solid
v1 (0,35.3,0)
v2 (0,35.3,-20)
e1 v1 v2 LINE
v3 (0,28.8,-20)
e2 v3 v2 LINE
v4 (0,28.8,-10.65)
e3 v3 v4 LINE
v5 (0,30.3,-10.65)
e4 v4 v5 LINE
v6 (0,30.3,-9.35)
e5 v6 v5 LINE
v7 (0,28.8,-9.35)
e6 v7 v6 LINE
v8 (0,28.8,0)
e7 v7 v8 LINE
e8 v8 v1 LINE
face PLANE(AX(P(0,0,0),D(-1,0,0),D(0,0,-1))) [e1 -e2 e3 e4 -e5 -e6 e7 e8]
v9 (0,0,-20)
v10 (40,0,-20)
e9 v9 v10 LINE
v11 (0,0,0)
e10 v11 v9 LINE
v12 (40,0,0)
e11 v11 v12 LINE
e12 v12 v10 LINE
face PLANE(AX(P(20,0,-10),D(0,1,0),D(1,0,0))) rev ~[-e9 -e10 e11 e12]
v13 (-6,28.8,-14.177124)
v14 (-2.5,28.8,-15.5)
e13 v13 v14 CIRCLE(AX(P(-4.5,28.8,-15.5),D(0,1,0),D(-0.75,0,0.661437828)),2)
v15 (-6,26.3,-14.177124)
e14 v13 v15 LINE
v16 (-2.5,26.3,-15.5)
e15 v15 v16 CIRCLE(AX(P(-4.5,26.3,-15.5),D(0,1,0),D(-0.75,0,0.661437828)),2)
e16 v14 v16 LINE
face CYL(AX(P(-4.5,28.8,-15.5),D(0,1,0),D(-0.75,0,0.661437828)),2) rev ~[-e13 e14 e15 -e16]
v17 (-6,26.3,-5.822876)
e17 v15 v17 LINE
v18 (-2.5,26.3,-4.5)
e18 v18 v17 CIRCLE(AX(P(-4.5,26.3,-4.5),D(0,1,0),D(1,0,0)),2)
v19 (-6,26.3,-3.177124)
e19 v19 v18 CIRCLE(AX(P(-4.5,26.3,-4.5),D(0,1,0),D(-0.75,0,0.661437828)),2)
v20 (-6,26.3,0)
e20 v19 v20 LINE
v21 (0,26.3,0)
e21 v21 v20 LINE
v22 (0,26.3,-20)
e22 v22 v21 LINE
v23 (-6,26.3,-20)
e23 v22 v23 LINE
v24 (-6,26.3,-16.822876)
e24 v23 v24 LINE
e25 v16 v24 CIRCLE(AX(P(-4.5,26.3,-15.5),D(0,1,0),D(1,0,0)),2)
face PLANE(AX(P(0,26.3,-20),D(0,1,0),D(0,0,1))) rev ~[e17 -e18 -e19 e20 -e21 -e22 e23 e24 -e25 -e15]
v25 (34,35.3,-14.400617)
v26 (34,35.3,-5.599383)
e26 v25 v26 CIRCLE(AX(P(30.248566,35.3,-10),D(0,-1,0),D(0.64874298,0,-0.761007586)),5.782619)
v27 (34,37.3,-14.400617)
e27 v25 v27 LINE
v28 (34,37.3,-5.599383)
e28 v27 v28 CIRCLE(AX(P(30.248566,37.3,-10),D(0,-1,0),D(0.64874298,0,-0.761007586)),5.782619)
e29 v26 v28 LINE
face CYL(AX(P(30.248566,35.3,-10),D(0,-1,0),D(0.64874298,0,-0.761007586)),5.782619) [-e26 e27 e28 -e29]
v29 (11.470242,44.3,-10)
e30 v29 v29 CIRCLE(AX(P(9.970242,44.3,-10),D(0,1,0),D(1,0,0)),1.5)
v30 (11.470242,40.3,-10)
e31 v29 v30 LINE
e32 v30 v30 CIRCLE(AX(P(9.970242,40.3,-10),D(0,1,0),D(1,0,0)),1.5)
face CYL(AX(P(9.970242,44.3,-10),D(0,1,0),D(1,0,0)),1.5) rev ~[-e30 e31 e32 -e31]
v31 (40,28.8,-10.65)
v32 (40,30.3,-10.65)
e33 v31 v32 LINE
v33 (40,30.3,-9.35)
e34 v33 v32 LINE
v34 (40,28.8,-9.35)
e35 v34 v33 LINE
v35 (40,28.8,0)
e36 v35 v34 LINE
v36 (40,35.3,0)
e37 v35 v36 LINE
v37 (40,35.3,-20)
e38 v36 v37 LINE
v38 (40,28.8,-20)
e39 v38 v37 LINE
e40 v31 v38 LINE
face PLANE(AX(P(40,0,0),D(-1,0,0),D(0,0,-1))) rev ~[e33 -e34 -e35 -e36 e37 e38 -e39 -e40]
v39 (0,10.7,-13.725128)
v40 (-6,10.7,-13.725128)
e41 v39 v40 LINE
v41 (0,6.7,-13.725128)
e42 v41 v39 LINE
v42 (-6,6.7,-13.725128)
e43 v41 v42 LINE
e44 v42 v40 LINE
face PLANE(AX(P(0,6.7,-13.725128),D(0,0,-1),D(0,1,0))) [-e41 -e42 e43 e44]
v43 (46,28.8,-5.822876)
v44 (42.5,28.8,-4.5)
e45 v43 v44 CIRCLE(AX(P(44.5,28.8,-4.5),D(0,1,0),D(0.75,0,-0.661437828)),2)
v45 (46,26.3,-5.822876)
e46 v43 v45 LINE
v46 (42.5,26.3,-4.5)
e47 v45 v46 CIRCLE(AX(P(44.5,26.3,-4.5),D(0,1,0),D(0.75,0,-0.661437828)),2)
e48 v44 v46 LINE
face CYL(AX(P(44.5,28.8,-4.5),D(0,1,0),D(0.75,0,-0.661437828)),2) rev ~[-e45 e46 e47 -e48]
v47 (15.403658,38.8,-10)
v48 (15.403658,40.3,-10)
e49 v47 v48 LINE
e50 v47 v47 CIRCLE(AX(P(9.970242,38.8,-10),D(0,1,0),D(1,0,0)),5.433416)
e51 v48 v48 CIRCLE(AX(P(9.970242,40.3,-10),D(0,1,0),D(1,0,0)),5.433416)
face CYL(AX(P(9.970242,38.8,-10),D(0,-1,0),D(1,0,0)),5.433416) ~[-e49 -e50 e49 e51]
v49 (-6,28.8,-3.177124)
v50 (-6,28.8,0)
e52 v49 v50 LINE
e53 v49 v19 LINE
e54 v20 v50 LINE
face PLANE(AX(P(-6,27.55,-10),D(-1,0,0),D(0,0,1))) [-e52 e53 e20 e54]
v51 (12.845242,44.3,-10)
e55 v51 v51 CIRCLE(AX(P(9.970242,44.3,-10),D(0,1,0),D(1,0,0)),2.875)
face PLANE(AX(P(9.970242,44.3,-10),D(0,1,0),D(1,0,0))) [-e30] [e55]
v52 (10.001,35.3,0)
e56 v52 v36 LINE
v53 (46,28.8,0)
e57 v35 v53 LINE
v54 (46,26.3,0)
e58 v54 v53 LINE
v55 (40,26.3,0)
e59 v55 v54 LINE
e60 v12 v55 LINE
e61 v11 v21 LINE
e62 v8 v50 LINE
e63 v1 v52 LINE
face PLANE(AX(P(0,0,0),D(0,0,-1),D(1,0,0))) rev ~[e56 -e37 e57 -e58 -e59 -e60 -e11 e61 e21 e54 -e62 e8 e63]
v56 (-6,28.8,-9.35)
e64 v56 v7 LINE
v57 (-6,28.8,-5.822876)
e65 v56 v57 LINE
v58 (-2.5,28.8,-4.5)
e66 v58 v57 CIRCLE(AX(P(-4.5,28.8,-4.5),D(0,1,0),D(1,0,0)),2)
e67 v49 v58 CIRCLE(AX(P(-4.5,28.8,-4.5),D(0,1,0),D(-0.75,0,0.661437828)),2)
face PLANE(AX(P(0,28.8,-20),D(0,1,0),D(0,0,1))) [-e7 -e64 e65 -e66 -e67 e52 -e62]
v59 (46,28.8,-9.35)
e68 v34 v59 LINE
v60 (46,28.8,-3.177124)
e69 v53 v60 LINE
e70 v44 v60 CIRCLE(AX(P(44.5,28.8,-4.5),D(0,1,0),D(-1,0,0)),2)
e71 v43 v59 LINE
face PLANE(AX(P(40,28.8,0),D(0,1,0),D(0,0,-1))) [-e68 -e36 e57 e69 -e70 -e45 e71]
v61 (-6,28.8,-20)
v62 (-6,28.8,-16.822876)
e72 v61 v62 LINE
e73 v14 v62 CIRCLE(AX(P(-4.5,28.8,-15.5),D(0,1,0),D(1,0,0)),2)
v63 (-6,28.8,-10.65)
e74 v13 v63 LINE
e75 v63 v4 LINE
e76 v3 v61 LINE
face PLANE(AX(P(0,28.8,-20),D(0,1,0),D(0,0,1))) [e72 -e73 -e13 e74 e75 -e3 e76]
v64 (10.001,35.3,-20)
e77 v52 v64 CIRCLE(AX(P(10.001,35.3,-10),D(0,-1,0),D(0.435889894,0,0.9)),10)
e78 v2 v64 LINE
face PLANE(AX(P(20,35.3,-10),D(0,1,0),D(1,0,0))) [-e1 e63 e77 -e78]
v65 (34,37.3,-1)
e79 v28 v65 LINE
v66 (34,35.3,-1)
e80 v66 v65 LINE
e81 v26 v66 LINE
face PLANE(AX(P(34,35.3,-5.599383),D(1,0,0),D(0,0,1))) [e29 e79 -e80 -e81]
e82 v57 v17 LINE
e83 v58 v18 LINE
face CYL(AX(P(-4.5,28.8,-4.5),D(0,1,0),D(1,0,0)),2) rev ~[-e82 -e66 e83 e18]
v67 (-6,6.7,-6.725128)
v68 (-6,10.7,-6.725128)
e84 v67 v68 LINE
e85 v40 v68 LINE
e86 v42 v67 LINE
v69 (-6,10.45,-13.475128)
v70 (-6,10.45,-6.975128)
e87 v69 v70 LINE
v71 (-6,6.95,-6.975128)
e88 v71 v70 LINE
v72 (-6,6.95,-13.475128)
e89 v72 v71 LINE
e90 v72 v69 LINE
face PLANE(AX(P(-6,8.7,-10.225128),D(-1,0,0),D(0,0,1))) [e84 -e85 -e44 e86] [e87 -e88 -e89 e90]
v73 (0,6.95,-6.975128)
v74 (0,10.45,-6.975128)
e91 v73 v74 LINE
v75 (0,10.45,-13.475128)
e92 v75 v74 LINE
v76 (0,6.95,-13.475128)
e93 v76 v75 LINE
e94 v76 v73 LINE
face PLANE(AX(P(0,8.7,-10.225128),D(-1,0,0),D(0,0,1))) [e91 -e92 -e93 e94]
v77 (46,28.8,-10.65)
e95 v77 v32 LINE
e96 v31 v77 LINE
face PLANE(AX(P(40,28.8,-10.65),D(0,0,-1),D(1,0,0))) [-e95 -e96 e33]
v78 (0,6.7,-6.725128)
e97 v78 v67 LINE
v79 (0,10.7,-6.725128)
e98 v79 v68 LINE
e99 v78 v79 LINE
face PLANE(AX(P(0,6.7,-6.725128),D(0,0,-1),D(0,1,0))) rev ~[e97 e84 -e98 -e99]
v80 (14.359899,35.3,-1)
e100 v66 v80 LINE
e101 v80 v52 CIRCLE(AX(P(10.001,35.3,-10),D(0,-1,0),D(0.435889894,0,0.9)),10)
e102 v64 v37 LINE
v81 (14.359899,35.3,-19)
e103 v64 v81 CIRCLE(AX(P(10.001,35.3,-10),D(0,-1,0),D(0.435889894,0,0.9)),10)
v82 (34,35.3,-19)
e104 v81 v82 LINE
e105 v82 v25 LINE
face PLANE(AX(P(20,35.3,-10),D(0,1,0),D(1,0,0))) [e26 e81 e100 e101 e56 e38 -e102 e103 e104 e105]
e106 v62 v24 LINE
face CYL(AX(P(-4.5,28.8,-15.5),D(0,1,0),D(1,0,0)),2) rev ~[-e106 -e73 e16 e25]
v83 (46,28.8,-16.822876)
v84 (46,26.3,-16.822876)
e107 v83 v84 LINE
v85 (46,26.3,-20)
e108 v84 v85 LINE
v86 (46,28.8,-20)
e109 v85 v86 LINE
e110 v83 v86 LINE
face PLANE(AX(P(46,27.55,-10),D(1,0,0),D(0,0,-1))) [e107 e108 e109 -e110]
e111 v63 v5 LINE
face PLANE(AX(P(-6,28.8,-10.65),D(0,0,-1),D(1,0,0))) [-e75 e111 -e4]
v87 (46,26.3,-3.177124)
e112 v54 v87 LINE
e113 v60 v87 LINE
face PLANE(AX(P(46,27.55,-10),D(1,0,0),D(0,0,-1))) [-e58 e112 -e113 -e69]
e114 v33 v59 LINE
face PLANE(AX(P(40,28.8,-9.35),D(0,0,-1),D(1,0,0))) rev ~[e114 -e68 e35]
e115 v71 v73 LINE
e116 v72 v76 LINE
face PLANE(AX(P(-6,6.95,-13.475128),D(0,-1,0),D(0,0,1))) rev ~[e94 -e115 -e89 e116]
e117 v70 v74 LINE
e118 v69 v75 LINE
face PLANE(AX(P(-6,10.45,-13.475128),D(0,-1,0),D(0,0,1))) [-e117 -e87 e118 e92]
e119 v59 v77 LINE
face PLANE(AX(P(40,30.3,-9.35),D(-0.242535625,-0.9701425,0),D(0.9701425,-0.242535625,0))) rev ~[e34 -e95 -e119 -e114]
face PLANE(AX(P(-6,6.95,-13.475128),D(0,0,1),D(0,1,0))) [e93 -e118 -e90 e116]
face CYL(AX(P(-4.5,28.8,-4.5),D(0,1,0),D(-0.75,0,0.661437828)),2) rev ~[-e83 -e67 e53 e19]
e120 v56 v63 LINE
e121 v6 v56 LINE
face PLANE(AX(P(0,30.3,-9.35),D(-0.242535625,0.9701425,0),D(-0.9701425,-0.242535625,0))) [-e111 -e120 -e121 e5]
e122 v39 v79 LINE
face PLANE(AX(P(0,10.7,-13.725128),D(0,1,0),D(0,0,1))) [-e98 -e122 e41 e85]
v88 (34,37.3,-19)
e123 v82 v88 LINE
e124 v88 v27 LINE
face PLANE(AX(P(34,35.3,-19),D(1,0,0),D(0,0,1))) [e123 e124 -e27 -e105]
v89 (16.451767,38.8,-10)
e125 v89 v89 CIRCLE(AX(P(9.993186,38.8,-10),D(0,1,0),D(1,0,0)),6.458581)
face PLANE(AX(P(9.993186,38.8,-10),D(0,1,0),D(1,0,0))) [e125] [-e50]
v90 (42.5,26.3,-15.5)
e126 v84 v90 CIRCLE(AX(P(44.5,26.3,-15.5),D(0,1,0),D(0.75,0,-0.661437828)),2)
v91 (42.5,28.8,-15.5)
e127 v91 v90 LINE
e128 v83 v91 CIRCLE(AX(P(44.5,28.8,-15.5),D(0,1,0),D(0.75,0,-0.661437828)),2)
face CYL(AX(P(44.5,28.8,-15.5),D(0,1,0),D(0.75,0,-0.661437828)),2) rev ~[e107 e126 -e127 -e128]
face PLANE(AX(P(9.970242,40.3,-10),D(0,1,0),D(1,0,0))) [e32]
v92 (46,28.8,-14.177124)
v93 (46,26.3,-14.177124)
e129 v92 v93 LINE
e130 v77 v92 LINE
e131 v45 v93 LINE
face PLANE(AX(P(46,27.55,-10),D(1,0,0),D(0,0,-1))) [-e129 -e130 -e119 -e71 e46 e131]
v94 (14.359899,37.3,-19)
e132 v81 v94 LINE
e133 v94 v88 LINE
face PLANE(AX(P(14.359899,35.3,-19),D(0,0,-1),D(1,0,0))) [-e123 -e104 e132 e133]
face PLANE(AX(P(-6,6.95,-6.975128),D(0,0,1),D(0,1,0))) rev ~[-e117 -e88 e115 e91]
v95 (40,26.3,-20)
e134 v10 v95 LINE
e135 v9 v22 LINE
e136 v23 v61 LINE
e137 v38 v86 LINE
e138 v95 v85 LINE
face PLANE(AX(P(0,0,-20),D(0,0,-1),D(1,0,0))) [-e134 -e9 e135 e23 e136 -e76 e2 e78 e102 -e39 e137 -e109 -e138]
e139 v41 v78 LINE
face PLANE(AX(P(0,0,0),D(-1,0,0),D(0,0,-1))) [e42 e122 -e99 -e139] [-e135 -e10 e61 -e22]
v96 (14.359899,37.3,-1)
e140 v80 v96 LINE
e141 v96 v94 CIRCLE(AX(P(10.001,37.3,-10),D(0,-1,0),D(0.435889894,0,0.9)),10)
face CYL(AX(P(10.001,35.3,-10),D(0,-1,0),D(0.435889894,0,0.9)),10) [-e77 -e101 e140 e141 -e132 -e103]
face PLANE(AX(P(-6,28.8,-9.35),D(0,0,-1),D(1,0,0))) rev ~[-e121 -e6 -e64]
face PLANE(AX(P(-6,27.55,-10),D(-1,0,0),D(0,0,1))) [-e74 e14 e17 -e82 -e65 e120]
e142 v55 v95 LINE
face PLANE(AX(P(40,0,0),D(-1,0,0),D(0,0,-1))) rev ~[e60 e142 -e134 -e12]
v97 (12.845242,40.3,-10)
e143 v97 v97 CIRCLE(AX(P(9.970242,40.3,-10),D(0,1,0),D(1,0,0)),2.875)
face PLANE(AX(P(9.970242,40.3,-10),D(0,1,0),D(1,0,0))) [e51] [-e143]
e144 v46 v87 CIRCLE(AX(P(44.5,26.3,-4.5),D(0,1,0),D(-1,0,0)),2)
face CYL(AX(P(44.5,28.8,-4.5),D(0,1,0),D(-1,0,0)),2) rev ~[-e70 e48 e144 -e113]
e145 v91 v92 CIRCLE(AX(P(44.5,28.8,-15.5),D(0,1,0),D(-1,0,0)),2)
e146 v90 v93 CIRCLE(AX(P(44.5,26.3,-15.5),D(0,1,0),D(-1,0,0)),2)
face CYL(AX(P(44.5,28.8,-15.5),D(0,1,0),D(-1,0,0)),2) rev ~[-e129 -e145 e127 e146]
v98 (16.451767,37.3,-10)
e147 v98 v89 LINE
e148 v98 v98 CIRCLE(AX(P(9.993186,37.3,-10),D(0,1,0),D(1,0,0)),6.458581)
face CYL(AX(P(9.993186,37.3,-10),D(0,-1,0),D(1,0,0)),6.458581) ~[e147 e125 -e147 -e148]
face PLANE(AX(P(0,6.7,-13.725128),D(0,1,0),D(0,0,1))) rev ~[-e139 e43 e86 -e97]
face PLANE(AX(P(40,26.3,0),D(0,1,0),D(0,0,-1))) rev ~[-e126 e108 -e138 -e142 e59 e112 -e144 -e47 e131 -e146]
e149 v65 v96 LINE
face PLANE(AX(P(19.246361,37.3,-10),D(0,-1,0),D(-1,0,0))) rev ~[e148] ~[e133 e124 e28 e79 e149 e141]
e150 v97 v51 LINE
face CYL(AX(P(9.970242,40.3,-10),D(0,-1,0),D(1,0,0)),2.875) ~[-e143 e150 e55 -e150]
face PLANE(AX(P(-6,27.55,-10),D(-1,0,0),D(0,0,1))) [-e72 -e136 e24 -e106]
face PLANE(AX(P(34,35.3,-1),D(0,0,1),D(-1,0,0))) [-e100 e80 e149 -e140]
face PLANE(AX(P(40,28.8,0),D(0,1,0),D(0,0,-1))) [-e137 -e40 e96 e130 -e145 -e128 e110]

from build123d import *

# Parameters (mm, degrees)
SKETCH1_W            = 40
SKETCH1_H            = 20
BOSS_EXTRUDE1_DEPTH  = 35.3
BOSS_EXTRUDE2_DEPTH  = 2
SKETCH3_R            = 6.458580866
BOSS_EXTRUDE3_DEPTH  = 1.5
SKETCH4_R            = 5.433415679
BOSS_EXTRUDE4_DEPTH  = 1.5
SKETCH5_R            = 2.875
BOSS_EXTRUDE5_DEPTH  = 4
SKETCH6_W            = 20
SKETCH6_H            = 2.5
BOSS_EXTRUDE6_DEPTH  = 6
CUT_EXTRUDE1_DEPTH   = 7
SKETCH8_W            = 20
SKETCH8_H            = 2.5
BOSS_EXTRUDE7_DEPTH  = 6
CUT_EXTRUDE2_DEPTH   = 7
SKETCH11_W           = 7
SKETCH11_H           = 4
BOSS_EXTRUDE8_DEPTH  = 6
SKETCH12_W           = 6.5
SKETCH12_H           = 3.5
CUT_EXTRUDE3_DEPTH   = 6
SKETCH13_W           = 6
SKETCH13_H           = 1.3
BOSS_EXTRUDE9_DEPTH  = 1.5
SKETCH14_W           = 6
SKETCH14_H           = 1.3
BOSS_EXTRUDE10_DEPTH = 1.5
CUT_EXTRUDE4_DEPTH   = 1.5
CUT_EXTRUDE5_DEPTH   = 1.5
SKETCH17_R           = 1.5
CUT_EXTRUDE6_DEPTH   = 4


with BuildPart() as part:
    # Sketch1 → Boss-Extrude1 (new body)
    with BuildSketch(Plane(origin=(0, 0, 0), x_dir=(1, 0, 0), z_dir=(0, 1, 0))):
        with Locations((20, 10)):
            Rectangle(SKETCH1_W, SKETCH1_H)
    extrude(amount=BOSS_EXTRUDE1_DEPTH)

    # Sketch2 → Boss-Extrude2 (add)
    with BuildSketch(Plane(origin=(0, 35.3, 0), x_dir=(1, 0, 0), z_dir=(0, 1, 0))):
        with BuildLine():
            Line((34, 5.599382986), (34, 1))
            Line((34, 1), (14.359898944, 1))
            ThreePointArc((14.359898944, 1), (0.001, 10), (14.359898944, 19))
            Line((14.359898944, 19), (34, 19))
            Line((34, 19), (34, 14.400617014))
            ThreePointArc((34, 14.400617014), (36.031185557, 10), (34, 5.599382986))
        make_face()
    extrude(amount=BOSS_EXTRUDE2_DEPTH)

    # Sketch3 → Boss-Extrude3 (add)
    with BuildSketch(Plane(origin=(0, 37.3, 0), x_dir=(1, 0, 0), z_dir=(0, 1, 0))):
        with Locations((9.993186342, 10)):
            Circle(SKETCH3_R)
    extrude(amount=BOSS_EXTRUDE3_DEPTH)

    # Sketch4 → Boss-Extrude4 (add)
    with BuildSketch(Plane(origin=(0, 38.8, 0), x_dir=(1, 0, 0), z_dir=(0, 1, 0))):
        with Locations((9.970242147, 10)):
            Circle(SKETCH4_R)
    extrude(amount=BOSS_EXTRUDE4_DEPTH)

    # Sketch5 → Boss-Extrude5 (add)
    with BuildSketch(Plane(origin=(0, 40.3, 0), x_dir=(1, 0, 0), z_dir=(0, 1, 0))):
        with Locations((9.970242147, 10)):
            Circle(SKETCH5_R)
    extrude(amount=BOSS_EXTRUDE5_DEPTH)

    # Sketch6 → Boss-Extrude6 (add)
    with BuildSketch(Plane(origin=(40, 0, 0), x_dir=(0, 0, -1), z_dir=(1, 0, 0))):
        with Locations((10, 27.55)):
            Rectangle(SKETCH6_W, SKETCH6_H)
    extrude(amount=BOSS_EXTRUDE6_DEPTH)

    # Sketch7 → Cut-Extrude1 (cut)
    with BuildSketch(Plane(origin=(0, 28.8, 0), x_dir=(1, 0, 0), z_dir=(0, 1, 0))):
        with BuildLine():
            ThreePointArc((46, 3.177124344), (46.370828693, 3.792893219), (46.5, 4.5))
            ThreePointArc((46.5, 4.5), (46.370828693, 5.207106781), (46, 5.822875656))
            Line((46, 5.822875656), (46, 3.177124344))
        make_face()
        with BuildLine():
            Line((46, 3.177124344), (46, 5.822875656))
            ThreePointArc((46, 5.822875656), (43.792893219, 6.370828693), (42.5, 4.5))
            ThreePointArc((42.5, 4.5), (43.792893219, 2.629171307), (46, 3.177124344))
        make_face()
        with BuildLine():
            ThreePointArc((42.5, 15.5), (43.792893219, 13.629171307), (46, 14.177124344))
            Line((46, 14.177124344), (46, 16.822875656))
            ThreePointArc((46, 16.822875656), (43.792893219, 17.370828693), (42.5, 15.5))
        make_face()
        with BuildLine():
            Line((46, 16.822875656), (46, 14.177124344))
            ThreePointArc((46, 14.177124344), (46.370828693, 14.792893219), (46.5, 15.5))
            ThreePointArc((46.5, 15.5), (46.370828693, 16.207106781), (46, 16.822875656))
        make_face()
    extrude(amount=-CUT_EXTRUDE1_DEPTH, mode=Mode.SUBTRACT)

    # Sketch8 → Boss-Extrude7 (add)
    with BuildSketch(Plane.ZY):
        with Locations((-10, 27.55)):
            Rectangle(SKETCH8_W, SKETCH8_H)
    extrude(amount=BOSS_EXTRUDE7_DEPTH)

    # Sketch9 → Cut-Extrude2 (cut)
    with BuildSketch(Plane(origin=(0, 28.8, 0), x_dir=(1, 0, 0), z_dir=(0, 1, 0))):
        with BuildLine():
            ThreePointArc((-6, 14.177124344), (-3.792893219, 13.629171307), (-2.5, 15.5))
            ThreePointArc((-2.5, 15.5), (-3.792893219, 17.370828693), (-6, 16.822875656))
            Line((-6, 16.822875656), (-6, 14.177124344))
        make_face()
        with BuildLine():
            Line((-6, 14.177124344), (-6, 16.822875656))
            ThreePointArc((-6, 16.822875656), (-6.5, 15.5), (-6, 14.177124344))
        make_face()
        with BuildLine():
            ThreePointArc((-2.5, 4.5), (-3.792893219, 6.370828693), (-6, 5.822875656))
            Line((-6, 5.822875656), (-6, 3.177124344))
            ThreePointArc((-6, 3.177124344), (-3.792893219, 2.629171307), (-2.5, 4.5))
        make_face()
        with BuildLine():
            Line((-6, 3.177124344), (-6, 5.822875656))
            ThreePointArc((-6, 5.822875656), (-6.5, 4.5), (-6, 3.177124344))
        make_face()
    extrude(amount=-CUT_EXTRUDE2_DEPTH, mode=Mode.SUBTRACT)

    # Sketch11 → Boss-Extrude8 (add)
    with BuildSketch(Plane.ZY):
        with Locations((-10.225128457, 8.7)):
            Rectangle(SKETCH11_W, SKETCH11_H)
    extrude(amount=BOSS_EXTRUDE8_DEPTH)

    # Sketch12 → Cut-Extrude3 (cut)
    with BuildSketch(Plane.ZY.offset(6)):
        with Locations((-10.225128457, 8.7)):
            Rectangle(SKETCH12_W, SKETCH12_H)
    extrude(amount=-CUT_EXTRUDE3_DEPTH, mode=Mode.SUBTRACT)

    # Sketch13 → Boss-Extrude9 (add)
    with BuildSketch(Plane(origin=(0, 28.8, 0), x_dir=(1, 0, 0), z_dir=(0, 1, 0))):
        with Locations((43, 10)):
            Rectangle(SKETCH13_W, SKETCH13_H)
    extrude(amount=BOSS_EXTRUDE9_DEPTH)

    # Sketch14 → Boss-Extrude10 (add)
    with BuildSketch(Plane(origin=(0, 28.8, 0), x_dir=(1, 0, 0), z_dir=(0, 1, 0))):
        with Locations((-3, 10)):
            Rectangle(SKETCH14_W, SKETCH14_H)
    extrude(amount=BOSS_EXTRUDE10_DEPTH)

    # Sketch15 → Cut-Extrude4 (cut)
    with BuildSketch(Plane.XY.offset(-9.35)):
        Polygon((40, 30.3), (46, 28.8), (46, 30.3), align=None)
    extrude(amount=-CUT_EXTRUDE4_DEPTH, mode=Mode.SUBTRACT)

    # Sketch16 → Cut-Extrude5 (cut)
    with BuildSketch(Plane.XY.offset(-9.35)):
        Polygon((-6, 28.8), (-6, 30.3), (0, 30.3), align=None)
    extrude(amount=-CUT_EXTRUDE5_DEPTH, mode=Mode.SUBTRACT)

    # Sketch17 → Cut-Extrude6 (cut)
    with BuildSketch(Plane(origin=(0, 44.3, 0), x_dir=(1, 0, 0), z_dir=(0, 1, 0))):
        with Locations((9.970242147, 10)):
            Circle(SKETCH17_R)
    extrude(amount=-CUT_EXTRUDE6_DEPTH, mode=Mode.SUBTRACT)


solid = part.part
